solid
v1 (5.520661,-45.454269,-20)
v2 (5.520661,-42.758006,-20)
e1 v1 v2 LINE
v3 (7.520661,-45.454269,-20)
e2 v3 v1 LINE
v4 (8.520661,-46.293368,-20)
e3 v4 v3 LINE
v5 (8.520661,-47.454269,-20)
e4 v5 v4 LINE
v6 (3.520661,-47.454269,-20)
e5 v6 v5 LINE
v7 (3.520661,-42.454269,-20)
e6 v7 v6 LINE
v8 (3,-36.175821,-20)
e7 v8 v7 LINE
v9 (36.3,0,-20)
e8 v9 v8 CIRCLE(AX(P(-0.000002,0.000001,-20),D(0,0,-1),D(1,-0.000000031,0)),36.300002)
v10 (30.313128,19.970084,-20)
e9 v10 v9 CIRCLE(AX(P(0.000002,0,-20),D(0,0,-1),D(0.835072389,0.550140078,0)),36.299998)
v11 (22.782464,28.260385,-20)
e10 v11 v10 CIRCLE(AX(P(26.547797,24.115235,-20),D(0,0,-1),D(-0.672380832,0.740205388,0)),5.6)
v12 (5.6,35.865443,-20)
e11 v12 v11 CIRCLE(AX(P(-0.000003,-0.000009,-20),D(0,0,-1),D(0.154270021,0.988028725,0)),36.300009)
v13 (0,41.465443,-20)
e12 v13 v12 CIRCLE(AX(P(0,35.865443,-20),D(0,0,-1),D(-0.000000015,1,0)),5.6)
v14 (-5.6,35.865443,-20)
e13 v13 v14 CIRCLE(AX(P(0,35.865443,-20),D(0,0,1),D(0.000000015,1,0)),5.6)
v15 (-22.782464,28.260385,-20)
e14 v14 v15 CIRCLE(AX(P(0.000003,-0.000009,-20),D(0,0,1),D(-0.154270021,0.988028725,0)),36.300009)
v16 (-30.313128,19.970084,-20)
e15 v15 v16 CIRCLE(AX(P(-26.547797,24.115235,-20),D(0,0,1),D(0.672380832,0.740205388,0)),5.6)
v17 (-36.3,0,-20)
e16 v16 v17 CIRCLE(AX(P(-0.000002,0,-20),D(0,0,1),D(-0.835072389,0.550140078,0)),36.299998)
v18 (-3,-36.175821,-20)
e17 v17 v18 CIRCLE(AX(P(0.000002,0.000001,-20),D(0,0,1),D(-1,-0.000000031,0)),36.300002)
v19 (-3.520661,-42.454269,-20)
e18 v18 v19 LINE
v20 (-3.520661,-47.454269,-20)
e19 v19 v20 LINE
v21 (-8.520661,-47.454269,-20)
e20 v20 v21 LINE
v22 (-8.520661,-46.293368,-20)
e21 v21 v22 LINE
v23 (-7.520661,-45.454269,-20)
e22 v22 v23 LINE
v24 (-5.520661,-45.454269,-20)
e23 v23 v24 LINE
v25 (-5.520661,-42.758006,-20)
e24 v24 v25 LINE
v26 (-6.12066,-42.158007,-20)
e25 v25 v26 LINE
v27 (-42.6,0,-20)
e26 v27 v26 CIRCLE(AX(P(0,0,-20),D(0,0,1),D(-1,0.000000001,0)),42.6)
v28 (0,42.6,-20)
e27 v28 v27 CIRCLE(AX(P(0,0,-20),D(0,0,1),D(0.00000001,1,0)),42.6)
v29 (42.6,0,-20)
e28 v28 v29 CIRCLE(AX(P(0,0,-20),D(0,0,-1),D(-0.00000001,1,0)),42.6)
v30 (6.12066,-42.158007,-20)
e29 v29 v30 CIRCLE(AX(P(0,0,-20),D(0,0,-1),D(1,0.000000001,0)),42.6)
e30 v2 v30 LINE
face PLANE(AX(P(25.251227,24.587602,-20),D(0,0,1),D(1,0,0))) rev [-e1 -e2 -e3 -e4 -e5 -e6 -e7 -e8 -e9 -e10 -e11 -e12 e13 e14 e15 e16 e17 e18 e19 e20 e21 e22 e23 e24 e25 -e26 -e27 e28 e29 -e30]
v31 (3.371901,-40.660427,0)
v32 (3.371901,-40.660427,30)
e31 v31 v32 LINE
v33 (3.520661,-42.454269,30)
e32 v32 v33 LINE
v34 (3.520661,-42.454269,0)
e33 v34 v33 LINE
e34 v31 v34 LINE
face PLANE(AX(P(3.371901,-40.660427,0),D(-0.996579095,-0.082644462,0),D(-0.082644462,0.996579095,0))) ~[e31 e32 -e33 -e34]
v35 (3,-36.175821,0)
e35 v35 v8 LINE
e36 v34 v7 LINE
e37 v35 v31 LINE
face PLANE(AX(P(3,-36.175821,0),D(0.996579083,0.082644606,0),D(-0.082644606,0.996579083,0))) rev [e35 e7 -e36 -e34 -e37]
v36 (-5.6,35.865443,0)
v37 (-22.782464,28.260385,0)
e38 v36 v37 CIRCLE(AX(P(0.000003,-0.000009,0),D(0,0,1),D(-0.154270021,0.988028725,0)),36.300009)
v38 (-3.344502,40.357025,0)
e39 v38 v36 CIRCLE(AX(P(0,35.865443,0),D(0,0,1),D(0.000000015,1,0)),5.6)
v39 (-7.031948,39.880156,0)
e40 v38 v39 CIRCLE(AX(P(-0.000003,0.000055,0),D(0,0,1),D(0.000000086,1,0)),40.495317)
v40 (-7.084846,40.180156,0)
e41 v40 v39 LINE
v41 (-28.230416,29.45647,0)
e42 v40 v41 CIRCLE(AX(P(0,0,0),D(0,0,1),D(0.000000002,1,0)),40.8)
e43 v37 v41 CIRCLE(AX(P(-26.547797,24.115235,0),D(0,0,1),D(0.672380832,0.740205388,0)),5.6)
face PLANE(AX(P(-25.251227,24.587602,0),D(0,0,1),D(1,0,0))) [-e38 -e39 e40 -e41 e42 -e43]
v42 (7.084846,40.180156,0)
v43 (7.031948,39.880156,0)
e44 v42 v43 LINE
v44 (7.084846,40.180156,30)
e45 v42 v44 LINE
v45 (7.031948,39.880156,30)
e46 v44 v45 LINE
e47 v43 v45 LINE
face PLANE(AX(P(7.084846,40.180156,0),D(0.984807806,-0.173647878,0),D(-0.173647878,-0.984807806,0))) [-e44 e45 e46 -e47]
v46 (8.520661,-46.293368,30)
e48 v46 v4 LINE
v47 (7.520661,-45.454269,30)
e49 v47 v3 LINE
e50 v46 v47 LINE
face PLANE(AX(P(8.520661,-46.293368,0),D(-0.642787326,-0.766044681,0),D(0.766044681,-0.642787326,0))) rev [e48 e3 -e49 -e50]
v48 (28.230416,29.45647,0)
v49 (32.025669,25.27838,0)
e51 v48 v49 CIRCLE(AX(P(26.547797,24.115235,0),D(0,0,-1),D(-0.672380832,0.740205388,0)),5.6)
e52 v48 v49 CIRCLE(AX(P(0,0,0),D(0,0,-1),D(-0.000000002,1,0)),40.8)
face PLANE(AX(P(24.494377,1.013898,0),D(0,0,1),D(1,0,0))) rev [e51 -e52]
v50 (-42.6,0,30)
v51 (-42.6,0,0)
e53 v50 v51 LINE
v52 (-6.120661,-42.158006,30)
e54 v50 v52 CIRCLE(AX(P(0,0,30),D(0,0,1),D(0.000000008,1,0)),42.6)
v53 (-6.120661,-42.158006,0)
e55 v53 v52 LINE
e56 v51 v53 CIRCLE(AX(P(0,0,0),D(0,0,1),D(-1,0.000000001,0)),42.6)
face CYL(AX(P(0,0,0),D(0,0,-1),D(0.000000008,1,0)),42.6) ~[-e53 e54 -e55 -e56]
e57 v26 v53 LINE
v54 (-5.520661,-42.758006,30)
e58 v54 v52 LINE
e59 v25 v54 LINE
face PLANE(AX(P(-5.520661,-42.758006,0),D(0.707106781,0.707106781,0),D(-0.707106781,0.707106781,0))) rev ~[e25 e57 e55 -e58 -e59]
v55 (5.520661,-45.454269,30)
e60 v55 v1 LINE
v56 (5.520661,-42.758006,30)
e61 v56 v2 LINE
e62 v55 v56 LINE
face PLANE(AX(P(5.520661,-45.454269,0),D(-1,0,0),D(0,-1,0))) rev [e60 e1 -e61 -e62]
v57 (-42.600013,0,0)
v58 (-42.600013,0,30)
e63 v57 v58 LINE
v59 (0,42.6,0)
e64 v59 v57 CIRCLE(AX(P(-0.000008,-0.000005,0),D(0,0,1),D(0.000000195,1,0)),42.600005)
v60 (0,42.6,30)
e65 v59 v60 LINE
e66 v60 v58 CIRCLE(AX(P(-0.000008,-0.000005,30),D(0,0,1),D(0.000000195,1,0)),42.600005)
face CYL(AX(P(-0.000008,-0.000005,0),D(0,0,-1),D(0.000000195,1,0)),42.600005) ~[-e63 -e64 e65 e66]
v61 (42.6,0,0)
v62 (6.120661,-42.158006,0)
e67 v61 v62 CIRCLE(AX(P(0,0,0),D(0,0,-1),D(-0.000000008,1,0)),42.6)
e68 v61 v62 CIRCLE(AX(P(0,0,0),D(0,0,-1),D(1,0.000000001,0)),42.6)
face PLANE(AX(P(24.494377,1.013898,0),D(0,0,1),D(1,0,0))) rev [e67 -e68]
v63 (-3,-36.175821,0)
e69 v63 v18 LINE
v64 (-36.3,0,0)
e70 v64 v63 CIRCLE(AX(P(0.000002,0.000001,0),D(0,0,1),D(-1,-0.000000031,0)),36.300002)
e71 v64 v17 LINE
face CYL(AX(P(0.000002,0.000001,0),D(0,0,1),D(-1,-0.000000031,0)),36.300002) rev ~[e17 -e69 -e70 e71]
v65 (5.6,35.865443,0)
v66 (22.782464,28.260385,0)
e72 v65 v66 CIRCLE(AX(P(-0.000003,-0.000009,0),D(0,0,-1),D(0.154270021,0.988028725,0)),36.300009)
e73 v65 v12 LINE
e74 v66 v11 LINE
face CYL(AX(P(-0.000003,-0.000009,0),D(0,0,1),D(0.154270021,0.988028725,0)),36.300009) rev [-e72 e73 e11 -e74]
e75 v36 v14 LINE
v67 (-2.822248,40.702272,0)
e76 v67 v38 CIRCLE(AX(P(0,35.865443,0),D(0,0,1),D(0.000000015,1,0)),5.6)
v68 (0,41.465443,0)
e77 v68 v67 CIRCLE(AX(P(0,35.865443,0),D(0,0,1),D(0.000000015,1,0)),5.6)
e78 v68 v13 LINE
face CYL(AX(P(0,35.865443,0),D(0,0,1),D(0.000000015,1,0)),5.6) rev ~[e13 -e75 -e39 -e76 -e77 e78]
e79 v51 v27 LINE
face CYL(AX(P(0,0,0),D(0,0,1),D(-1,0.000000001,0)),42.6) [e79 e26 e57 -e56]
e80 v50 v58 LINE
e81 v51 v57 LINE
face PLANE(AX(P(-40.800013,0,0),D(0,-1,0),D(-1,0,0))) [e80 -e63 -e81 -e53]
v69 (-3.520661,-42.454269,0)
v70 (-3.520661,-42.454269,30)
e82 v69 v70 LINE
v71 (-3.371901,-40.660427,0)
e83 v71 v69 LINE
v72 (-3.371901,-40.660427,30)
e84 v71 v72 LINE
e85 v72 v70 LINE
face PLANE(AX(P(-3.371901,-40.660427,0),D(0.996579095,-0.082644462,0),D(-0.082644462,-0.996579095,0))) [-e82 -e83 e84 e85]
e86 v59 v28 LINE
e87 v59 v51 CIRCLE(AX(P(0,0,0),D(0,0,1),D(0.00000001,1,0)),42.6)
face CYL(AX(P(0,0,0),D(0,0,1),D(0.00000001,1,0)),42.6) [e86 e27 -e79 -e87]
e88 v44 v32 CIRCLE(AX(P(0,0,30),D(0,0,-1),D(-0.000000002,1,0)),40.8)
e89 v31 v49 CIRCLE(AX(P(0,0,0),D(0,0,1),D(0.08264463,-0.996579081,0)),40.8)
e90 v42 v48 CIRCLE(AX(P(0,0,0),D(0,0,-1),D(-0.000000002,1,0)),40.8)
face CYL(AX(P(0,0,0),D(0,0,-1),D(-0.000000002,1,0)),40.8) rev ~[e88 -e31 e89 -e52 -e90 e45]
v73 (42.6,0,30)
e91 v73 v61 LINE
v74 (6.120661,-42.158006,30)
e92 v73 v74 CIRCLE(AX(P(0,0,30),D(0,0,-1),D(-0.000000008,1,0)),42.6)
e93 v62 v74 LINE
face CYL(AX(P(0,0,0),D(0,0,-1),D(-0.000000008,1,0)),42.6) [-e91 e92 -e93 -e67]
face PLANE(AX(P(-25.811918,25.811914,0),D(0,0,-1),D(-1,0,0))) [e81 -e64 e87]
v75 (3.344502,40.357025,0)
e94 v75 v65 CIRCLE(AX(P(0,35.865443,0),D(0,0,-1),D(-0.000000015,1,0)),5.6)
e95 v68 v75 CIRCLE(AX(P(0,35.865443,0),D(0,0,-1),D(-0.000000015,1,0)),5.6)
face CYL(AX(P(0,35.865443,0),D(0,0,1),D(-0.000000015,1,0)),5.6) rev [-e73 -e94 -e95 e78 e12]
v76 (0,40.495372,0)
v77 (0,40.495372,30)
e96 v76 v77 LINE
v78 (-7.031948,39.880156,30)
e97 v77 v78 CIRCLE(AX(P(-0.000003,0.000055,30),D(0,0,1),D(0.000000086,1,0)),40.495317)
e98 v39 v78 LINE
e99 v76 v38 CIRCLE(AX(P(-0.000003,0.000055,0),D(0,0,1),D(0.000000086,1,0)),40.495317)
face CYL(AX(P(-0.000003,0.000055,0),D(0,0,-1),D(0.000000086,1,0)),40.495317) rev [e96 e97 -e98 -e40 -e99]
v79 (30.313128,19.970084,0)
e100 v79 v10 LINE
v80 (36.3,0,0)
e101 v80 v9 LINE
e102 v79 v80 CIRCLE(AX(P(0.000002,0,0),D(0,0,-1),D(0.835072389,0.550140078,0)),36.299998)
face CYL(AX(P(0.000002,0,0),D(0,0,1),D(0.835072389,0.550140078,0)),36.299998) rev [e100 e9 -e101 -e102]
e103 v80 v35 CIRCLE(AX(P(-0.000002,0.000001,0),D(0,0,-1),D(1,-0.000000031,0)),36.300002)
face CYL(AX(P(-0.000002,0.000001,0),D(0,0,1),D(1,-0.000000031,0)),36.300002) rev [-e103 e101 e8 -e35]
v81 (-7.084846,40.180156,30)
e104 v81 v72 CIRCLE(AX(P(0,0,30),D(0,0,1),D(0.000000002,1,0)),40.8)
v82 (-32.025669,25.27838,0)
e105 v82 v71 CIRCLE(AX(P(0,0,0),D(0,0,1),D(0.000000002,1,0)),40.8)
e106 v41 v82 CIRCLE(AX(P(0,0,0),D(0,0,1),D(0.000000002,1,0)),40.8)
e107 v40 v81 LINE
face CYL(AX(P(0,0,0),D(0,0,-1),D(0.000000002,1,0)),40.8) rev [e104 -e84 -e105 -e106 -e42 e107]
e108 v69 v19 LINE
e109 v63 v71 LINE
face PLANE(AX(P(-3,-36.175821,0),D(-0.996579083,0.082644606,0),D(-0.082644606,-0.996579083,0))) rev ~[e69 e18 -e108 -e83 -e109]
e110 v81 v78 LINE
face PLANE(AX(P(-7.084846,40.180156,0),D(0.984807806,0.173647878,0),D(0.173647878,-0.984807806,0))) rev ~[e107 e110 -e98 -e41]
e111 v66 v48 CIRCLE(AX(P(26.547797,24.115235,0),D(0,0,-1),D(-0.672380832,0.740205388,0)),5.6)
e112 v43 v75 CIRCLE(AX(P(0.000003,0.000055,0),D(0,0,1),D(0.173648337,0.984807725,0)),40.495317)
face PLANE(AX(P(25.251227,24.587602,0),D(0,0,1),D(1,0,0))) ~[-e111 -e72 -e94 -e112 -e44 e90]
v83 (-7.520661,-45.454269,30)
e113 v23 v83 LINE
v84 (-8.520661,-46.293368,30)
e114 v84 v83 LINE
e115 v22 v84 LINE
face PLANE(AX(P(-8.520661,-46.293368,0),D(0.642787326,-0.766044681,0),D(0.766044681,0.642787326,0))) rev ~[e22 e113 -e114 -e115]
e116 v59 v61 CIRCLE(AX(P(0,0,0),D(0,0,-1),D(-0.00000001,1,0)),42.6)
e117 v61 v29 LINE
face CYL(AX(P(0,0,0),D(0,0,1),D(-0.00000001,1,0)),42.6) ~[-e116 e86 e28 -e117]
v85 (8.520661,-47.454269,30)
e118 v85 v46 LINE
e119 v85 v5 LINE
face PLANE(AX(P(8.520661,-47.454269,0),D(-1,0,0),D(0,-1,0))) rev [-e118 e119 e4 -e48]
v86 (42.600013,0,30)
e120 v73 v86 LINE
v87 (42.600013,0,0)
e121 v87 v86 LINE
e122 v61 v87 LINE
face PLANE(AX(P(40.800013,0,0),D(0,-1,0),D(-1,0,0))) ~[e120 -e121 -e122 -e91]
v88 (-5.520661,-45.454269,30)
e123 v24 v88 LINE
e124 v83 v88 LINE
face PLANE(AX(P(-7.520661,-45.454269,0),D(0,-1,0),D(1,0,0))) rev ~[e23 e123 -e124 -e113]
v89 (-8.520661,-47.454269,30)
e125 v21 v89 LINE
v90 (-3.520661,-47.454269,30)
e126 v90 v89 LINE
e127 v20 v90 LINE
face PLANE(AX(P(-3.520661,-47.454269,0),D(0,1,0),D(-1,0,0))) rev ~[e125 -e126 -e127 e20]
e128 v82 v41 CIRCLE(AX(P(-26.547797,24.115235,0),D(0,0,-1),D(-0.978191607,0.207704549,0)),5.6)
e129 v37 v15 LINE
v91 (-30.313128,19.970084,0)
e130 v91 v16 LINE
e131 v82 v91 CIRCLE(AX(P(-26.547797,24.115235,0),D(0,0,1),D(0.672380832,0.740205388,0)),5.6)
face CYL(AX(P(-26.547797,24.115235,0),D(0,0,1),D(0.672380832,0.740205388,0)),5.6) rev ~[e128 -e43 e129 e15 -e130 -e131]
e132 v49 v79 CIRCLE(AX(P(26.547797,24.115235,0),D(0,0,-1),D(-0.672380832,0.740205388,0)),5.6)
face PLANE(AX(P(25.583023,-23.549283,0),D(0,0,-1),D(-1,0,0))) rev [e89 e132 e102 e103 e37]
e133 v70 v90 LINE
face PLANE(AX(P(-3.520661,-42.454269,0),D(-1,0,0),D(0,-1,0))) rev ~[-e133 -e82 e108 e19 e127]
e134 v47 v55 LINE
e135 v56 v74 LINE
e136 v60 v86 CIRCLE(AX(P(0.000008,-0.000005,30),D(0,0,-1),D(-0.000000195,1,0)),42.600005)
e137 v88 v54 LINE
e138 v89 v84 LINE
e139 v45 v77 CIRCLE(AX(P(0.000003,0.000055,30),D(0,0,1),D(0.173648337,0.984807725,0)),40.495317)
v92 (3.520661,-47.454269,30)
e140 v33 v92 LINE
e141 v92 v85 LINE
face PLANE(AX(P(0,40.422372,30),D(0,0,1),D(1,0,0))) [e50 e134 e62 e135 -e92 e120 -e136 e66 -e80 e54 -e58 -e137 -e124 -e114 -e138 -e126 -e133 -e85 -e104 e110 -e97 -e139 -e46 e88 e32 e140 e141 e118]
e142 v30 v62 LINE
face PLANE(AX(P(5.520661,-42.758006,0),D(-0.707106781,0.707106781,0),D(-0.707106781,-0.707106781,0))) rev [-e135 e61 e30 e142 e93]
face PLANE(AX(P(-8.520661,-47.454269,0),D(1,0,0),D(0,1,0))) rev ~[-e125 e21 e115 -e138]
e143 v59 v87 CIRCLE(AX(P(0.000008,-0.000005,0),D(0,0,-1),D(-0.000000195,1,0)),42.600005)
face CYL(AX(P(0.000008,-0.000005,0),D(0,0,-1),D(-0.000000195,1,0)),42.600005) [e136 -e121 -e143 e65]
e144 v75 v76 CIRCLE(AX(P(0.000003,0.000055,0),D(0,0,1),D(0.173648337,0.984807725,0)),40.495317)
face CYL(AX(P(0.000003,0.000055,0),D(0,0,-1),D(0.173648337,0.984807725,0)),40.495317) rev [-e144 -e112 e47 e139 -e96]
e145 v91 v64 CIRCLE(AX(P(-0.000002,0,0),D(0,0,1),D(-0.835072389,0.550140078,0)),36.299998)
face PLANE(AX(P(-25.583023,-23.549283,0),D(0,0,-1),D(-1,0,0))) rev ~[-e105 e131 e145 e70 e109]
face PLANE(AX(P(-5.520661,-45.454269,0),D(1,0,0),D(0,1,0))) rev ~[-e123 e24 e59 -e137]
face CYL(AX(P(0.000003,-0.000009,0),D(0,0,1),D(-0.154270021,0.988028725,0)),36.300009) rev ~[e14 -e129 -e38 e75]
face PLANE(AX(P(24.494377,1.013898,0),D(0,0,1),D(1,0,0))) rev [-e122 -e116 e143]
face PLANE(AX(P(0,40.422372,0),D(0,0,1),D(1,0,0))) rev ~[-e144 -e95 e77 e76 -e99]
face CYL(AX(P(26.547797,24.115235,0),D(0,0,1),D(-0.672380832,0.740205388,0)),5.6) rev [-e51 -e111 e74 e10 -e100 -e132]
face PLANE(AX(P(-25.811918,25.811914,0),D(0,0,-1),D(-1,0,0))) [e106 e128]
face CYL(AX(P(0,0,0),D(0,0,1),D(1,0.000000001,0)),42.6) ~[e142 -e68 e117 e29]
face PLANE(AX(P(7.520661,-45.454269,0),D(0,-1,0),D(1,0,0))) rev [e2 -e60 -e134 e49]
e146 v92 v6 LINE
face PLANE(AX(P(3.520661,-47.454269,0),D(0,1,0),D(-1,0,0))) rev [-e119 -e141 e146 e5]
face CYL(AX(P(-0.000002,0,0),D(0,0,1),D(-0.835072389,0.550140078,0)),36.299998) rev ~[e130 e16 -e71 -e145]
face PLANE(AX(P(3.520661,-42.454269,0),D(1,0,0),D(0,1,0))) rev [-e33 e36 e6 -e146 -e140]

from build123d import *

# Parameters (mm, degrees)
PAD008_DEPTH = 20
PAD009_DEPTH = 30
PAD010_DEPTH = 20
PAD011_DEPTH = 30
PAD012_DEPTH = 30
PAD013_DEPTH = 20
PAD014_DEPTH = 30


with BuildPart() as part:
    # Sketch016 → Pad008 (new body)
    with BuildSketch(Plane.XY):
        with BuildLine():
            ThreePointArc((0, 42.6), (-30.122749, 30.122749), (-42.6, 0))
            Line((-42.6, 0), (-36.3, 0))
            ThreePointArc((-30.313128, 19.970084), (-34.771084, 10.424093), (-36.3, 0))
            ThreePointArc((-22.782464, 28.260385), (-30.692947, 27.880567), (-30.313128, 19.970084))
            ThreePointArc((-5.6, 35.865443), (-14.691844, 33.193971), (-22.782464, 28.260385))
            ThreePointArc((0, 41.465443), (-3.959798, 39.825241), (-5.6, 35.865443))
            Line((0, 42.6), (0, 41.465443))
        make_face()
    pad008 = extrude(amount=-PAD008_DEPTH)

    # Sketch017 → Pad009 (join)
    with BuildSketch(Plane.XY):
        with BuildLine():
            ThreePointArc((0, 40.8), (-28.849963, 28.849959), (-40.800013, 0))
            Line((-40.800013, 0), (-42.600013, 0))
            ThreePointArc((0, 42.6), (-30.122756, 30.122752), (-42.600013, 0))
            Line((0, 42.6), (0, 40.8))
        make_face()
    pad009 = extrude(amount=PAD009_DEPTH)

    # Sketch018 → Pad010 (join)
    with BuildSketch(Plane.XY):
        with BuildLine():
            ThreePointArc((-36.3, 0), (-26.707583, -24.584446), (-3, -36.175821))
            Line((-3, -36.175821), (-3.520661, -42.454269))
            ThreePointArc((-42.6, 0), (-31.342784, -28.851168), (-3.520661, -42.454269))
            Line((-42.6, 0), (-36.3, 0))
        make_face()
    pad010 = extrude(amount=-PAD010_DEPTH)

    # Sketch019 → Pad011 (join)
    with BuildSketch(Plane.XY):
        with BuildLine():
            ThreePointArc((0, 42.6), (-42.563552, 1.761838), (-3.520661, -42.454269))
            Line((-3.371901, -40.660427), (-3.520661, -42.454269))
            ThreePointArc((0, 40.8), (-40.765092, 1.687394), (-3.371901, -40.660427))
            Line((0, 42.6), (0, 40.8))
        make_face()
    pad011 = extrude(amount=PAD011_DEPTH)

    # Mirrored001: Pad011, Pad010, Pad009, Pad008 across Sketch019 V_Axis
    add(pad011.mirror(Plane(origin=(0, 0, 0), x_dir=(0, 0, 1), z_dir=(1, 0, 0))))
    add(pad010.mirror(Plane(origin=(0, 0, 0), x_dir=(0, 0, 1), z_dir=(1, 0, 0))))
    add(pad009.mirror(Plane(origin=(0, 0, 0), x_dir=(0, 0, 1), z_dir=(1, 0, 0))))
    add(pad008.mirror(Plane(origin=(0, 0, 0), x_dir=(0, 0, 1), z_dir=(1, 0, 0))))

    # Sketch020 → Pad012 (join)
    with BuildSketch(Plane.XY):
        with BuildLine():
            ThreePointArc((-6.120661, -42.158006), (-4.822937, -42.326106), (-3.520661, -42.454269))
            Line((-3.520661, -42.454269), (-3.520661, -47.454269))
            Line((-3.520661, -47.454269), (-8.520661, -47.454269))
            Line((-8.520661, -47.454269), (-8.520661, -46.293368))
            Line((-8.520661, -46.293368), (-7.520661, -45.454269))
            Line((-7.520661, -45.454269), (-5.520661, -45.454269))
            Line((-5.520661, -45.454269), (-5.520661, -42.758006))
            Line((-5.520661, -42.758006), (-6.120661, -42.158006))
        make_face()
    pad012 = extrude(amount=PAD012_DEPTH)

    # Sketch020 → Pad013 (join)
    with BuildSketch(Plane.XY):
        with BuildLine():
            ThreePointArc((-6.120661, -42.158006), (-4.822937, -42.326106), (-3.520661, -42.454269))
            Line((-3.520661, -42.454269), (-3.520661, -47.454269))
            Line((-3.520661, -47.454269), (-8.520661, -47.454269))
            Line((-8.520661, -47.454269), (-8.520661, -46.293368))
            Line((-8.520661, -46.293368), (-7.520661, -45.454269))
            Line((-7.520661, -45.454269), (-5.520661, -45.454269))
            Line((-5.520661, -45.454269), (-5.520661, -42.758006))
            Line((-5.520661, -42.758006), (-6.120661, -42.158006))
        make_face()
    pad013 = extrude(amount=-PAD013_DEPTH)

    # Mirrored002: Pad012, Pad013 across Sketch020 V_Axis
    add(pad012.mirror(Plane(origin=(0, 0, 0), x_dir=(0, 0, 1), z_dir=(1, 0, 0))))
    add(pad013.mirror(Plane(origin=(0, 0, 0), x_dir=(0, 0, 1), z_dir=(1, 0, 0))))

    # Sketch022 → Pad014 (join)
    with BuildSketch(Plane.XY):
        with BuildLine():
            ThreePointArc((0, 40.8), (-3.555954, 40.644744), (-7.084846, 40.180156))
            Line((-7.084846, 40.180156), (-7.031948, 39.880156))
            ThreePointArc((0, 40.495372), (-3.529404, 40.341275), (-7.031948, 39.880156))
            ThreePointArc((7.031948, 39.880156), (3.529404, 40.341275), (0, 40.495372))
            Line((7.084846, 40.180156), (7.031948, 39.880156))
            ThreePointArc((7.084846, 40.180156), (3.555954, 40.644744), (0, 40.8))
        make_face()
    extrude(amount=PAD014_DEPTH)


solid = part.part
